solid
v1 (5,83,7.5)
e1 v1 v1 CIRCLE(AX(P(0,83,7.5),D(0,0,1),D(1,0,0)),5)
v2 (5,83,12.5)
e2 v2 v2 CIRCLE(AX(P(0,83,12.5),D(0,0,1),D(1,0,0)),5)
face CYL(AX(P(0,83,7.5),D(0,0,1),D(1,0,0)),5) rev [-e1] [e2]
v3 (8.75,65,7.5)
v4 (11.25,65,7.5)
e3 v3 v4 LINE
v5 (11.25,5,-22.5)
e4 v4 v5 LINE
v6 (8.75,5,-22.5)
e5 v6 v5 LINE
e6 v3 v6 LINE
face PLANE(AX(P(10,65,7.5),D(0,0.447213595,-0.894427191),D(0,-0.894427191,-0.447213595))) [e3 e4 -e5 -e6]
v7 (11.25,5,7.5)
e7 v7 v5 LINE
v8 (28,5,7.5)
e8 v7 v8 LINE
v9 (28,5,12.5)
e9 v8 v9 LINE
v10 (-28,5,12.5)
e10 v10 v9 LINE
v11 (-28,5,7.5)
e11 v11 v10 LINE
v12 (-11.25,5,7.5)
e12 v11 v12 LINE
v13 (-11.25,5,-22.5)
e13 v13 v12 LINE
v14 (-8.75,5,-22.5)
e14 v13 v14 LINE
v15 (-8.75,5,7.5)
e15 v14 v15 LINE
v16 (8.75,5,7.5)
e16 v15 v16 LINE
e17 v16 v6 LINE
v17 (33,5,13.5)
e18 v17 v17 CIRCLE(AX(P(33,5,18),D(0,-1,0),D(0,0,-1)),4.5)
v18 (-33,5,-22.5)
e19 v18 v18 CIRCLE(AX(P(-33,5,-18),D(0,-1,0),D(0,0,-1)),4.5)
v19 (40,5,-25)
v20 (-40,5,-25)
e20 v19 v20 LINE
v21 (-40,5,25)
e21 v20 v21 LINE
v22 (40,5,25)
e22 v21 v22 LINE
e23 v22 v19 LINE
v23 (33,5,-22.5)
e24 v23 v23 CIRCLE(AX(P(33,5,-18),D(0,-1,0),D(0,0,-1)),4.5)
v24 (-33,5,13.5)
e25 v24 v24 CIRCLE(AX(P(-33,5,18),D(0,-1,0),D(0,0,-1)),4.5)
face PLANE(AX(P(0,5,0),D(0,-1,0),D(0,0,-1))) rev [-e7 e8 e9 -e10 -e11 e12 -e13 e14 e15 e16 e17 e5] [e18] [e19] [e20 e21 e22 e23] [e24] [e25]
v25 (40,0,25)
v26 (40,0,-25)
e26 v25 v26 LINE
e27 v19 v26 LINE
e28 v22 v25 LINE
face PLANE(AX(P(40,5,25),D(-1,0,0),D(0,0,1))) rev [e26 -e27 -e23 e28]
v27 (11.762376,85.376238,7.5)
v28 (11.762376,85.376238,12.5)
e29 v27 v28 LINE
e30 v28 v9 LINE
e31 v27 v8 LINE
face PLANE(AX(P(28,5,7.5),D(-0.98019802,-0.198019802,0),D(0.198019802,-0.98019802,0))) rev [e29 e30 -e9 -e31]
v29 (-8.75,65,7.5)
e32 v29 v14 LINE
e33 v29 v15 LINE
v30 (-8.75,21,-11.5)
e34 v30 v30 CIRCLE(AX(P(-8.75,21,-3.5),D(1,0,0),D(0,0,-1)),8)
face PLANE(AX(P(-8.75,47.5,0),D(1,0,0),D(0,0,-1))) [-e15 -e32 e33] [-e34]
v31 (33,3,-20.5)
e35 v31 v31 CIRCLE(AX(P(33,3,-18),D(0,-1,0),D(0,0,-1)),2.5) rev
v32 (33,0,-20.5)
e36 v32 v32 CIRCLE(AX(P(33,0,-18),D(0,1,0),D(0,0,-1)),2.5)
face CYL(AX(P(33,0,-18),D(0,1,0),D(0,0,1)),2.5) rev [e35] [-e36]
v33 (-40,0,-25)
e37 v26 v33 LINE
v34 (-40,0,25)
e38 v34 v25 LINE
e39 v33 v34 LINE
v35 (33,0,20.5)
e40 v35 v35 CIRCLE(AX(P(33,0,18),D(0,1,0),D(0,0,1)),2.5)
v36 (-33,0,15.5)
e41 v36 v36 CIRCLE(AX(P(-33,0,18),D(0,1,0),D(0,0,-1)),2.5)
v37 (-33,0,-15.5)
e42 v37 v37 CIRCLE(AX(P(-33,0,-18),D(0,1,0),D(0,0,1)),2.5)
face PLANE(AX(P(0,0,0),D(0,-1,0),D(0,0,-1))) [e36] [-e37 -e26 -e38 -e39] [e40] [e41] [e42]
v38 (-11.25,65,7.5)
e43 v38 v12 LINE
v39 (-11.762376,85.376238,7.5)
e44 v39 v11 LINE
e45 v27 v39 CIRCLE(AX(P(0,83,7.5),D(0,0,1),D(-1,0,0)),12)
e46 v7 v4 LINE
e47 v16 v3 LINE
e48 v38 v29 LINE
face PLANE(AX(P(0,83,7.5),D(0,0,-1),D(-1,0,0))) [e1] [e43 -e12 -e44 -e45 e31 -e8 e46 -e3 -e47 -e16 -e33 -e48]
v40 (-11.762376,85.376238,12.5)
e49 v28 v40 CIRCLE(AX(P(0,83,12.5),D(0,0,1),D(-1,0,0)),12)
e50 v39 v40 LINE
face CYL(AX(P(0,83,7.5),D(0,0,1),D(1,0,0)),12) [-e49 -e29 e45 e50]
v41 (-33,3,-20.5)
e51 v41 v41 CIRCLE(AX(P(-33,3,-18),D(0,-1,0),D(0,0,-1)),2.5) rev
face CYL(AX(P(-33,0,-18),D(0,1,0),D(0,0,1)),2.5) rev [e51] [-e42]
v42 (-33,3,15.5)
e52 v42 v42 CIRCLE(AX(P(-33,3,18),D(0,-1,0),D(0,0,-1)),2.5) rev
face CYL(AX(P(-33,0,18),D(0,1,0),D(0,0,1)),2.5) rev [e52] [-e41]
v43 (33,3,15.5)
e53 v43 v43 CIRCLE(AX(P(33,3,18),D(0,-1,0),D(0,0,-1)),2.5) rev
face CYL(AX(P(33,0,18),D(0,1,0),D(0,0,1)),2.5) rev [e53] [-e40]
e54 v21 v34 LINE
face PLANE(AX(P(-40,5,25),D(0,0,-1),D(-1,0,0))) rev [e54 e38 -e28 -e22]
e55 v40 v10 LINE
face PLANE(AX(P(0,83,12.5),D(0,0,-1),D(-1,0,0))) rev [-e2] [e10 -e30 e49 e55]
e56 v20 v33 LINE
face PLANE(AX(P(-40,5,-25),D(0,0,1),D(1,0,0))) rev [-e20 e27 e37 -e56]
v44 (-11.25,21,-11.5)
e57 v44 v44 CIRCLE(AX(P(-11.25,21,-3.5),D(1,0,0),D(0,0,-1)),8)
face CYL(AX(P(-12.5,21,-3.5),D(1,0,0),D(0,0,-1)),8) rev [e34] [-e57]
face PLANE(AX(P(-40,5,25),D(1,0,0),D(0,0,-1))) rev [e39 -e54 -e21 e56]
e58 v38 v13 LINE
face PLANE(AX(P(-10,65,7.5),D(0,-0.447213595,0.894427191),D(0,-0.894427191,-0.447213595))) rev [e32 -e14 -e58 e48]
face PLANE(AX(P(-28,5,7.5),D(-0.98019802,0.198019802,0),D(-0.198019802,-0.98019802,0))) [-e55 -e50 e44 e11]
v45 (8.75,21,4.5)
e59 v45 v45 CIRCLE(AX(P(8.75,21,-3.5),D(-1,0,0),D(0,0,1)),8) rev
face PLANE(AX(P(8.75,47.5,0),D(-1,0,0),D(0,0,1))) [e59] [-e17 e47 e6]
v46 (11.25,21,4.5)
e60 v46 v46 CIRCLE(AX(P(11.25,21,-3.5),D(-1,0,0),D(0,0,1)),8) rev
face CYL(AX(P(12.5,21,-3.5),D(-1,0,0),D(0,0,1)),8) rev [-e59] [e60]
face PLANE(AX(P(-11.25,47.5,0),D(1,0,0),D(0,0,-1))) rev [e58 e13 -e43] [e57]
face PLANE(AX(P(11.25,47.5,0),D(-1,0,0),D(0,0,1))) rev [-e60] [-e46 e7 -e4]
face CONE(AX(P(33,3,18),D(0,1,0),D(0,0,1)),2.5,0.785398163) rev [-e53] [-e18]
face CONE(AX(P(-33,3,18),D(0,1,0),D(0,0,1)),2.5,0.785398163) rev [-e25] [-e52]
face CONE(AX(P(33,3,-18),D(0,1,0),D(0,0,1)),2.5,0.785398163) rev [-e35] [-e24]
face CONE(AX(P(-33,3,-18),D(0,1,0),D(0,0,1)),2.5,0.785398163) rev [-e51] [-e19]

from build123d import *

# Parameters (mm, degrees)
SKETCH2_W           = 80
SKETCH2_H           = 50
BOSS_EXTRUDE1_DEPTH = 5
BOSS_EXTRUDE2_DEPTH = 2.5
RIB1_REACH          = 112.227
SKETCH6_WALL_W      = 289.536116176
SKETCH6_WALL_H      = 2.5
SKETCH7_R           = 8
CUT_EXTRUDE1_DEPTH  = 2.5
SKETCH3_R           = 2.5
CUT_EXTRUDE2_DEPTH  = 5
CHAMFER1_SIZE       = 2
SKETCH8_R           = 5
CUT_EXTRUDE3_DEPTH  = 2.5


with BuildPart() as part:
    # Sketch2 → Boss-Extrude1 (new body)
    with BuildSketch(Plane(origin=(0, 0, 0), x_dir=(1, 0, 0), z_dir=(0, 1, 0))):
        Rectangle(SKETCH2_W, SKETCH2_H)
    extrude(amount=BOSS_EXTRUDE1_DEPTH)

    # Sketch4 → Boss-Extrude2 (add, symmetric)
    with BuildSketch(Plane.XY.offset(10)):
        with BuildLine():
            Line((0, 5), (-28, 5))
            Line((-28, 5), (-11.762376238, 85.376237624))
            ThreePointArc((-11.762376238, 85.376237624), (-7.598853483, 92.28748759), (0, 95))
            Line((0, 95), (0, 83))
            Line((0, 83), (0, 5))
        make_face()
    boss_extrude2 = extrude(amount=BOSS_EXTRUDE2_DEPTH, both=True)

    # Sketch6 wall → Rib1 (add, up to next)
    with BuildSketch(Plane(origin=(-10, 35, -7.5), x_dir=(0, -0.894427191, -0.4472135955), z_dir=(0, 0.4472135955, -0.894427191)), mode=Mode.PRIVATE) as rib1_sk1:
        Rectangle(SKETCH6_WALL_W, SKETCH6_WALL_H)
    rib1_tool1 = extrude(rib1_sk1.sketch, amount=-RIB1_REACH, mode=Mode.PRIVATE) - part.part
    rib1 = rib1_tool1.solids().sort_by_distance((-10, 35, -7.5))[0]
    add(rib1)

    # Sketch7 → Cut-Extrude1 (cut, symmetric)
    with BuildSketch(Plane(origin=(-10, 0, 0), x_dir=(0, 0, -1), z_dir=(1, 0, 0))):
        with Locations((3.5, 21)):
            Circle(SKETCH7_R)
    cut_extrude1 = extrude(amount=CUT_EXTRUDE1_DEPTH, both=True, mode=Mode.SUBTRACT)

    # Mirror2: Boss-Extrude2, Rib1, Cut-Extrude1 across plane
    add(boss_extrude2.mirror(Plane(origin=(0, 83, 7.5), x_dir=(0, 0, 1), z_dir=(1, 0, 0))))
    add(rib1.mirror(Plane(origin=(0, 83, 7.5), x_dir=(0, 0, 1), z_dir=(1, 0, 0))))
    add(cut_extrude1.mirror(Plane(origin=(0, 83, 7.5), x_dir=(0, 0, 1), z_dir=(1, 0, 0))), mode=Mode.SUBTRACT)

    # Sketch3 → Cut-Extrude2 (cut)
    with BuildSketch(Plane(origin=(0, 5, 0), x_dir=(1, 0, 0), z_dir=(0, 1, 0))):
        with Locations(Location((-33, 18, 0), (0, 0, 270))):
            Circle(SKETCH3_R)
        with Locations(Location((-33, -18, 0), (0, 0, 90))):
            Circle(SKETCH3_R)
        with Locations(Location((33, -18, 0), (0, 0, 270))):
            Circle(SKETCH3_R)
        with Locations(Location((33, 18, 0), (0, 0, 90))):
            Circle(SKETCH3_R)
    extrude(amount=-CUT_EXTRUDE2_DEPTH, mode=Mode.SUBTRACT)

    # Chamfer1
    chamfer1_edges = [part.edges().sort_by_distance(p)[0] for p in [
        (33, 5, -15.5),
        (33, 5, 15.5),
        (-33, 5, 20.5),
        (-33, 5, -20.5),
    ]]
    chamfer(chamfer1_edges, length=CHAMFER1_SIZE)

    # Sketch8 → Cut-Extrude3 (cut, symmetric)
    with BuildSketch(Plane.XY.offset(10)):
        with Locations((0, 83)):
            Circle(SKETCH8_R)
    extrude(amount=CUT_EXTRUDE3_DEPTH, both=True, mode=Mode.SUBTRACT)


solid = part.part
